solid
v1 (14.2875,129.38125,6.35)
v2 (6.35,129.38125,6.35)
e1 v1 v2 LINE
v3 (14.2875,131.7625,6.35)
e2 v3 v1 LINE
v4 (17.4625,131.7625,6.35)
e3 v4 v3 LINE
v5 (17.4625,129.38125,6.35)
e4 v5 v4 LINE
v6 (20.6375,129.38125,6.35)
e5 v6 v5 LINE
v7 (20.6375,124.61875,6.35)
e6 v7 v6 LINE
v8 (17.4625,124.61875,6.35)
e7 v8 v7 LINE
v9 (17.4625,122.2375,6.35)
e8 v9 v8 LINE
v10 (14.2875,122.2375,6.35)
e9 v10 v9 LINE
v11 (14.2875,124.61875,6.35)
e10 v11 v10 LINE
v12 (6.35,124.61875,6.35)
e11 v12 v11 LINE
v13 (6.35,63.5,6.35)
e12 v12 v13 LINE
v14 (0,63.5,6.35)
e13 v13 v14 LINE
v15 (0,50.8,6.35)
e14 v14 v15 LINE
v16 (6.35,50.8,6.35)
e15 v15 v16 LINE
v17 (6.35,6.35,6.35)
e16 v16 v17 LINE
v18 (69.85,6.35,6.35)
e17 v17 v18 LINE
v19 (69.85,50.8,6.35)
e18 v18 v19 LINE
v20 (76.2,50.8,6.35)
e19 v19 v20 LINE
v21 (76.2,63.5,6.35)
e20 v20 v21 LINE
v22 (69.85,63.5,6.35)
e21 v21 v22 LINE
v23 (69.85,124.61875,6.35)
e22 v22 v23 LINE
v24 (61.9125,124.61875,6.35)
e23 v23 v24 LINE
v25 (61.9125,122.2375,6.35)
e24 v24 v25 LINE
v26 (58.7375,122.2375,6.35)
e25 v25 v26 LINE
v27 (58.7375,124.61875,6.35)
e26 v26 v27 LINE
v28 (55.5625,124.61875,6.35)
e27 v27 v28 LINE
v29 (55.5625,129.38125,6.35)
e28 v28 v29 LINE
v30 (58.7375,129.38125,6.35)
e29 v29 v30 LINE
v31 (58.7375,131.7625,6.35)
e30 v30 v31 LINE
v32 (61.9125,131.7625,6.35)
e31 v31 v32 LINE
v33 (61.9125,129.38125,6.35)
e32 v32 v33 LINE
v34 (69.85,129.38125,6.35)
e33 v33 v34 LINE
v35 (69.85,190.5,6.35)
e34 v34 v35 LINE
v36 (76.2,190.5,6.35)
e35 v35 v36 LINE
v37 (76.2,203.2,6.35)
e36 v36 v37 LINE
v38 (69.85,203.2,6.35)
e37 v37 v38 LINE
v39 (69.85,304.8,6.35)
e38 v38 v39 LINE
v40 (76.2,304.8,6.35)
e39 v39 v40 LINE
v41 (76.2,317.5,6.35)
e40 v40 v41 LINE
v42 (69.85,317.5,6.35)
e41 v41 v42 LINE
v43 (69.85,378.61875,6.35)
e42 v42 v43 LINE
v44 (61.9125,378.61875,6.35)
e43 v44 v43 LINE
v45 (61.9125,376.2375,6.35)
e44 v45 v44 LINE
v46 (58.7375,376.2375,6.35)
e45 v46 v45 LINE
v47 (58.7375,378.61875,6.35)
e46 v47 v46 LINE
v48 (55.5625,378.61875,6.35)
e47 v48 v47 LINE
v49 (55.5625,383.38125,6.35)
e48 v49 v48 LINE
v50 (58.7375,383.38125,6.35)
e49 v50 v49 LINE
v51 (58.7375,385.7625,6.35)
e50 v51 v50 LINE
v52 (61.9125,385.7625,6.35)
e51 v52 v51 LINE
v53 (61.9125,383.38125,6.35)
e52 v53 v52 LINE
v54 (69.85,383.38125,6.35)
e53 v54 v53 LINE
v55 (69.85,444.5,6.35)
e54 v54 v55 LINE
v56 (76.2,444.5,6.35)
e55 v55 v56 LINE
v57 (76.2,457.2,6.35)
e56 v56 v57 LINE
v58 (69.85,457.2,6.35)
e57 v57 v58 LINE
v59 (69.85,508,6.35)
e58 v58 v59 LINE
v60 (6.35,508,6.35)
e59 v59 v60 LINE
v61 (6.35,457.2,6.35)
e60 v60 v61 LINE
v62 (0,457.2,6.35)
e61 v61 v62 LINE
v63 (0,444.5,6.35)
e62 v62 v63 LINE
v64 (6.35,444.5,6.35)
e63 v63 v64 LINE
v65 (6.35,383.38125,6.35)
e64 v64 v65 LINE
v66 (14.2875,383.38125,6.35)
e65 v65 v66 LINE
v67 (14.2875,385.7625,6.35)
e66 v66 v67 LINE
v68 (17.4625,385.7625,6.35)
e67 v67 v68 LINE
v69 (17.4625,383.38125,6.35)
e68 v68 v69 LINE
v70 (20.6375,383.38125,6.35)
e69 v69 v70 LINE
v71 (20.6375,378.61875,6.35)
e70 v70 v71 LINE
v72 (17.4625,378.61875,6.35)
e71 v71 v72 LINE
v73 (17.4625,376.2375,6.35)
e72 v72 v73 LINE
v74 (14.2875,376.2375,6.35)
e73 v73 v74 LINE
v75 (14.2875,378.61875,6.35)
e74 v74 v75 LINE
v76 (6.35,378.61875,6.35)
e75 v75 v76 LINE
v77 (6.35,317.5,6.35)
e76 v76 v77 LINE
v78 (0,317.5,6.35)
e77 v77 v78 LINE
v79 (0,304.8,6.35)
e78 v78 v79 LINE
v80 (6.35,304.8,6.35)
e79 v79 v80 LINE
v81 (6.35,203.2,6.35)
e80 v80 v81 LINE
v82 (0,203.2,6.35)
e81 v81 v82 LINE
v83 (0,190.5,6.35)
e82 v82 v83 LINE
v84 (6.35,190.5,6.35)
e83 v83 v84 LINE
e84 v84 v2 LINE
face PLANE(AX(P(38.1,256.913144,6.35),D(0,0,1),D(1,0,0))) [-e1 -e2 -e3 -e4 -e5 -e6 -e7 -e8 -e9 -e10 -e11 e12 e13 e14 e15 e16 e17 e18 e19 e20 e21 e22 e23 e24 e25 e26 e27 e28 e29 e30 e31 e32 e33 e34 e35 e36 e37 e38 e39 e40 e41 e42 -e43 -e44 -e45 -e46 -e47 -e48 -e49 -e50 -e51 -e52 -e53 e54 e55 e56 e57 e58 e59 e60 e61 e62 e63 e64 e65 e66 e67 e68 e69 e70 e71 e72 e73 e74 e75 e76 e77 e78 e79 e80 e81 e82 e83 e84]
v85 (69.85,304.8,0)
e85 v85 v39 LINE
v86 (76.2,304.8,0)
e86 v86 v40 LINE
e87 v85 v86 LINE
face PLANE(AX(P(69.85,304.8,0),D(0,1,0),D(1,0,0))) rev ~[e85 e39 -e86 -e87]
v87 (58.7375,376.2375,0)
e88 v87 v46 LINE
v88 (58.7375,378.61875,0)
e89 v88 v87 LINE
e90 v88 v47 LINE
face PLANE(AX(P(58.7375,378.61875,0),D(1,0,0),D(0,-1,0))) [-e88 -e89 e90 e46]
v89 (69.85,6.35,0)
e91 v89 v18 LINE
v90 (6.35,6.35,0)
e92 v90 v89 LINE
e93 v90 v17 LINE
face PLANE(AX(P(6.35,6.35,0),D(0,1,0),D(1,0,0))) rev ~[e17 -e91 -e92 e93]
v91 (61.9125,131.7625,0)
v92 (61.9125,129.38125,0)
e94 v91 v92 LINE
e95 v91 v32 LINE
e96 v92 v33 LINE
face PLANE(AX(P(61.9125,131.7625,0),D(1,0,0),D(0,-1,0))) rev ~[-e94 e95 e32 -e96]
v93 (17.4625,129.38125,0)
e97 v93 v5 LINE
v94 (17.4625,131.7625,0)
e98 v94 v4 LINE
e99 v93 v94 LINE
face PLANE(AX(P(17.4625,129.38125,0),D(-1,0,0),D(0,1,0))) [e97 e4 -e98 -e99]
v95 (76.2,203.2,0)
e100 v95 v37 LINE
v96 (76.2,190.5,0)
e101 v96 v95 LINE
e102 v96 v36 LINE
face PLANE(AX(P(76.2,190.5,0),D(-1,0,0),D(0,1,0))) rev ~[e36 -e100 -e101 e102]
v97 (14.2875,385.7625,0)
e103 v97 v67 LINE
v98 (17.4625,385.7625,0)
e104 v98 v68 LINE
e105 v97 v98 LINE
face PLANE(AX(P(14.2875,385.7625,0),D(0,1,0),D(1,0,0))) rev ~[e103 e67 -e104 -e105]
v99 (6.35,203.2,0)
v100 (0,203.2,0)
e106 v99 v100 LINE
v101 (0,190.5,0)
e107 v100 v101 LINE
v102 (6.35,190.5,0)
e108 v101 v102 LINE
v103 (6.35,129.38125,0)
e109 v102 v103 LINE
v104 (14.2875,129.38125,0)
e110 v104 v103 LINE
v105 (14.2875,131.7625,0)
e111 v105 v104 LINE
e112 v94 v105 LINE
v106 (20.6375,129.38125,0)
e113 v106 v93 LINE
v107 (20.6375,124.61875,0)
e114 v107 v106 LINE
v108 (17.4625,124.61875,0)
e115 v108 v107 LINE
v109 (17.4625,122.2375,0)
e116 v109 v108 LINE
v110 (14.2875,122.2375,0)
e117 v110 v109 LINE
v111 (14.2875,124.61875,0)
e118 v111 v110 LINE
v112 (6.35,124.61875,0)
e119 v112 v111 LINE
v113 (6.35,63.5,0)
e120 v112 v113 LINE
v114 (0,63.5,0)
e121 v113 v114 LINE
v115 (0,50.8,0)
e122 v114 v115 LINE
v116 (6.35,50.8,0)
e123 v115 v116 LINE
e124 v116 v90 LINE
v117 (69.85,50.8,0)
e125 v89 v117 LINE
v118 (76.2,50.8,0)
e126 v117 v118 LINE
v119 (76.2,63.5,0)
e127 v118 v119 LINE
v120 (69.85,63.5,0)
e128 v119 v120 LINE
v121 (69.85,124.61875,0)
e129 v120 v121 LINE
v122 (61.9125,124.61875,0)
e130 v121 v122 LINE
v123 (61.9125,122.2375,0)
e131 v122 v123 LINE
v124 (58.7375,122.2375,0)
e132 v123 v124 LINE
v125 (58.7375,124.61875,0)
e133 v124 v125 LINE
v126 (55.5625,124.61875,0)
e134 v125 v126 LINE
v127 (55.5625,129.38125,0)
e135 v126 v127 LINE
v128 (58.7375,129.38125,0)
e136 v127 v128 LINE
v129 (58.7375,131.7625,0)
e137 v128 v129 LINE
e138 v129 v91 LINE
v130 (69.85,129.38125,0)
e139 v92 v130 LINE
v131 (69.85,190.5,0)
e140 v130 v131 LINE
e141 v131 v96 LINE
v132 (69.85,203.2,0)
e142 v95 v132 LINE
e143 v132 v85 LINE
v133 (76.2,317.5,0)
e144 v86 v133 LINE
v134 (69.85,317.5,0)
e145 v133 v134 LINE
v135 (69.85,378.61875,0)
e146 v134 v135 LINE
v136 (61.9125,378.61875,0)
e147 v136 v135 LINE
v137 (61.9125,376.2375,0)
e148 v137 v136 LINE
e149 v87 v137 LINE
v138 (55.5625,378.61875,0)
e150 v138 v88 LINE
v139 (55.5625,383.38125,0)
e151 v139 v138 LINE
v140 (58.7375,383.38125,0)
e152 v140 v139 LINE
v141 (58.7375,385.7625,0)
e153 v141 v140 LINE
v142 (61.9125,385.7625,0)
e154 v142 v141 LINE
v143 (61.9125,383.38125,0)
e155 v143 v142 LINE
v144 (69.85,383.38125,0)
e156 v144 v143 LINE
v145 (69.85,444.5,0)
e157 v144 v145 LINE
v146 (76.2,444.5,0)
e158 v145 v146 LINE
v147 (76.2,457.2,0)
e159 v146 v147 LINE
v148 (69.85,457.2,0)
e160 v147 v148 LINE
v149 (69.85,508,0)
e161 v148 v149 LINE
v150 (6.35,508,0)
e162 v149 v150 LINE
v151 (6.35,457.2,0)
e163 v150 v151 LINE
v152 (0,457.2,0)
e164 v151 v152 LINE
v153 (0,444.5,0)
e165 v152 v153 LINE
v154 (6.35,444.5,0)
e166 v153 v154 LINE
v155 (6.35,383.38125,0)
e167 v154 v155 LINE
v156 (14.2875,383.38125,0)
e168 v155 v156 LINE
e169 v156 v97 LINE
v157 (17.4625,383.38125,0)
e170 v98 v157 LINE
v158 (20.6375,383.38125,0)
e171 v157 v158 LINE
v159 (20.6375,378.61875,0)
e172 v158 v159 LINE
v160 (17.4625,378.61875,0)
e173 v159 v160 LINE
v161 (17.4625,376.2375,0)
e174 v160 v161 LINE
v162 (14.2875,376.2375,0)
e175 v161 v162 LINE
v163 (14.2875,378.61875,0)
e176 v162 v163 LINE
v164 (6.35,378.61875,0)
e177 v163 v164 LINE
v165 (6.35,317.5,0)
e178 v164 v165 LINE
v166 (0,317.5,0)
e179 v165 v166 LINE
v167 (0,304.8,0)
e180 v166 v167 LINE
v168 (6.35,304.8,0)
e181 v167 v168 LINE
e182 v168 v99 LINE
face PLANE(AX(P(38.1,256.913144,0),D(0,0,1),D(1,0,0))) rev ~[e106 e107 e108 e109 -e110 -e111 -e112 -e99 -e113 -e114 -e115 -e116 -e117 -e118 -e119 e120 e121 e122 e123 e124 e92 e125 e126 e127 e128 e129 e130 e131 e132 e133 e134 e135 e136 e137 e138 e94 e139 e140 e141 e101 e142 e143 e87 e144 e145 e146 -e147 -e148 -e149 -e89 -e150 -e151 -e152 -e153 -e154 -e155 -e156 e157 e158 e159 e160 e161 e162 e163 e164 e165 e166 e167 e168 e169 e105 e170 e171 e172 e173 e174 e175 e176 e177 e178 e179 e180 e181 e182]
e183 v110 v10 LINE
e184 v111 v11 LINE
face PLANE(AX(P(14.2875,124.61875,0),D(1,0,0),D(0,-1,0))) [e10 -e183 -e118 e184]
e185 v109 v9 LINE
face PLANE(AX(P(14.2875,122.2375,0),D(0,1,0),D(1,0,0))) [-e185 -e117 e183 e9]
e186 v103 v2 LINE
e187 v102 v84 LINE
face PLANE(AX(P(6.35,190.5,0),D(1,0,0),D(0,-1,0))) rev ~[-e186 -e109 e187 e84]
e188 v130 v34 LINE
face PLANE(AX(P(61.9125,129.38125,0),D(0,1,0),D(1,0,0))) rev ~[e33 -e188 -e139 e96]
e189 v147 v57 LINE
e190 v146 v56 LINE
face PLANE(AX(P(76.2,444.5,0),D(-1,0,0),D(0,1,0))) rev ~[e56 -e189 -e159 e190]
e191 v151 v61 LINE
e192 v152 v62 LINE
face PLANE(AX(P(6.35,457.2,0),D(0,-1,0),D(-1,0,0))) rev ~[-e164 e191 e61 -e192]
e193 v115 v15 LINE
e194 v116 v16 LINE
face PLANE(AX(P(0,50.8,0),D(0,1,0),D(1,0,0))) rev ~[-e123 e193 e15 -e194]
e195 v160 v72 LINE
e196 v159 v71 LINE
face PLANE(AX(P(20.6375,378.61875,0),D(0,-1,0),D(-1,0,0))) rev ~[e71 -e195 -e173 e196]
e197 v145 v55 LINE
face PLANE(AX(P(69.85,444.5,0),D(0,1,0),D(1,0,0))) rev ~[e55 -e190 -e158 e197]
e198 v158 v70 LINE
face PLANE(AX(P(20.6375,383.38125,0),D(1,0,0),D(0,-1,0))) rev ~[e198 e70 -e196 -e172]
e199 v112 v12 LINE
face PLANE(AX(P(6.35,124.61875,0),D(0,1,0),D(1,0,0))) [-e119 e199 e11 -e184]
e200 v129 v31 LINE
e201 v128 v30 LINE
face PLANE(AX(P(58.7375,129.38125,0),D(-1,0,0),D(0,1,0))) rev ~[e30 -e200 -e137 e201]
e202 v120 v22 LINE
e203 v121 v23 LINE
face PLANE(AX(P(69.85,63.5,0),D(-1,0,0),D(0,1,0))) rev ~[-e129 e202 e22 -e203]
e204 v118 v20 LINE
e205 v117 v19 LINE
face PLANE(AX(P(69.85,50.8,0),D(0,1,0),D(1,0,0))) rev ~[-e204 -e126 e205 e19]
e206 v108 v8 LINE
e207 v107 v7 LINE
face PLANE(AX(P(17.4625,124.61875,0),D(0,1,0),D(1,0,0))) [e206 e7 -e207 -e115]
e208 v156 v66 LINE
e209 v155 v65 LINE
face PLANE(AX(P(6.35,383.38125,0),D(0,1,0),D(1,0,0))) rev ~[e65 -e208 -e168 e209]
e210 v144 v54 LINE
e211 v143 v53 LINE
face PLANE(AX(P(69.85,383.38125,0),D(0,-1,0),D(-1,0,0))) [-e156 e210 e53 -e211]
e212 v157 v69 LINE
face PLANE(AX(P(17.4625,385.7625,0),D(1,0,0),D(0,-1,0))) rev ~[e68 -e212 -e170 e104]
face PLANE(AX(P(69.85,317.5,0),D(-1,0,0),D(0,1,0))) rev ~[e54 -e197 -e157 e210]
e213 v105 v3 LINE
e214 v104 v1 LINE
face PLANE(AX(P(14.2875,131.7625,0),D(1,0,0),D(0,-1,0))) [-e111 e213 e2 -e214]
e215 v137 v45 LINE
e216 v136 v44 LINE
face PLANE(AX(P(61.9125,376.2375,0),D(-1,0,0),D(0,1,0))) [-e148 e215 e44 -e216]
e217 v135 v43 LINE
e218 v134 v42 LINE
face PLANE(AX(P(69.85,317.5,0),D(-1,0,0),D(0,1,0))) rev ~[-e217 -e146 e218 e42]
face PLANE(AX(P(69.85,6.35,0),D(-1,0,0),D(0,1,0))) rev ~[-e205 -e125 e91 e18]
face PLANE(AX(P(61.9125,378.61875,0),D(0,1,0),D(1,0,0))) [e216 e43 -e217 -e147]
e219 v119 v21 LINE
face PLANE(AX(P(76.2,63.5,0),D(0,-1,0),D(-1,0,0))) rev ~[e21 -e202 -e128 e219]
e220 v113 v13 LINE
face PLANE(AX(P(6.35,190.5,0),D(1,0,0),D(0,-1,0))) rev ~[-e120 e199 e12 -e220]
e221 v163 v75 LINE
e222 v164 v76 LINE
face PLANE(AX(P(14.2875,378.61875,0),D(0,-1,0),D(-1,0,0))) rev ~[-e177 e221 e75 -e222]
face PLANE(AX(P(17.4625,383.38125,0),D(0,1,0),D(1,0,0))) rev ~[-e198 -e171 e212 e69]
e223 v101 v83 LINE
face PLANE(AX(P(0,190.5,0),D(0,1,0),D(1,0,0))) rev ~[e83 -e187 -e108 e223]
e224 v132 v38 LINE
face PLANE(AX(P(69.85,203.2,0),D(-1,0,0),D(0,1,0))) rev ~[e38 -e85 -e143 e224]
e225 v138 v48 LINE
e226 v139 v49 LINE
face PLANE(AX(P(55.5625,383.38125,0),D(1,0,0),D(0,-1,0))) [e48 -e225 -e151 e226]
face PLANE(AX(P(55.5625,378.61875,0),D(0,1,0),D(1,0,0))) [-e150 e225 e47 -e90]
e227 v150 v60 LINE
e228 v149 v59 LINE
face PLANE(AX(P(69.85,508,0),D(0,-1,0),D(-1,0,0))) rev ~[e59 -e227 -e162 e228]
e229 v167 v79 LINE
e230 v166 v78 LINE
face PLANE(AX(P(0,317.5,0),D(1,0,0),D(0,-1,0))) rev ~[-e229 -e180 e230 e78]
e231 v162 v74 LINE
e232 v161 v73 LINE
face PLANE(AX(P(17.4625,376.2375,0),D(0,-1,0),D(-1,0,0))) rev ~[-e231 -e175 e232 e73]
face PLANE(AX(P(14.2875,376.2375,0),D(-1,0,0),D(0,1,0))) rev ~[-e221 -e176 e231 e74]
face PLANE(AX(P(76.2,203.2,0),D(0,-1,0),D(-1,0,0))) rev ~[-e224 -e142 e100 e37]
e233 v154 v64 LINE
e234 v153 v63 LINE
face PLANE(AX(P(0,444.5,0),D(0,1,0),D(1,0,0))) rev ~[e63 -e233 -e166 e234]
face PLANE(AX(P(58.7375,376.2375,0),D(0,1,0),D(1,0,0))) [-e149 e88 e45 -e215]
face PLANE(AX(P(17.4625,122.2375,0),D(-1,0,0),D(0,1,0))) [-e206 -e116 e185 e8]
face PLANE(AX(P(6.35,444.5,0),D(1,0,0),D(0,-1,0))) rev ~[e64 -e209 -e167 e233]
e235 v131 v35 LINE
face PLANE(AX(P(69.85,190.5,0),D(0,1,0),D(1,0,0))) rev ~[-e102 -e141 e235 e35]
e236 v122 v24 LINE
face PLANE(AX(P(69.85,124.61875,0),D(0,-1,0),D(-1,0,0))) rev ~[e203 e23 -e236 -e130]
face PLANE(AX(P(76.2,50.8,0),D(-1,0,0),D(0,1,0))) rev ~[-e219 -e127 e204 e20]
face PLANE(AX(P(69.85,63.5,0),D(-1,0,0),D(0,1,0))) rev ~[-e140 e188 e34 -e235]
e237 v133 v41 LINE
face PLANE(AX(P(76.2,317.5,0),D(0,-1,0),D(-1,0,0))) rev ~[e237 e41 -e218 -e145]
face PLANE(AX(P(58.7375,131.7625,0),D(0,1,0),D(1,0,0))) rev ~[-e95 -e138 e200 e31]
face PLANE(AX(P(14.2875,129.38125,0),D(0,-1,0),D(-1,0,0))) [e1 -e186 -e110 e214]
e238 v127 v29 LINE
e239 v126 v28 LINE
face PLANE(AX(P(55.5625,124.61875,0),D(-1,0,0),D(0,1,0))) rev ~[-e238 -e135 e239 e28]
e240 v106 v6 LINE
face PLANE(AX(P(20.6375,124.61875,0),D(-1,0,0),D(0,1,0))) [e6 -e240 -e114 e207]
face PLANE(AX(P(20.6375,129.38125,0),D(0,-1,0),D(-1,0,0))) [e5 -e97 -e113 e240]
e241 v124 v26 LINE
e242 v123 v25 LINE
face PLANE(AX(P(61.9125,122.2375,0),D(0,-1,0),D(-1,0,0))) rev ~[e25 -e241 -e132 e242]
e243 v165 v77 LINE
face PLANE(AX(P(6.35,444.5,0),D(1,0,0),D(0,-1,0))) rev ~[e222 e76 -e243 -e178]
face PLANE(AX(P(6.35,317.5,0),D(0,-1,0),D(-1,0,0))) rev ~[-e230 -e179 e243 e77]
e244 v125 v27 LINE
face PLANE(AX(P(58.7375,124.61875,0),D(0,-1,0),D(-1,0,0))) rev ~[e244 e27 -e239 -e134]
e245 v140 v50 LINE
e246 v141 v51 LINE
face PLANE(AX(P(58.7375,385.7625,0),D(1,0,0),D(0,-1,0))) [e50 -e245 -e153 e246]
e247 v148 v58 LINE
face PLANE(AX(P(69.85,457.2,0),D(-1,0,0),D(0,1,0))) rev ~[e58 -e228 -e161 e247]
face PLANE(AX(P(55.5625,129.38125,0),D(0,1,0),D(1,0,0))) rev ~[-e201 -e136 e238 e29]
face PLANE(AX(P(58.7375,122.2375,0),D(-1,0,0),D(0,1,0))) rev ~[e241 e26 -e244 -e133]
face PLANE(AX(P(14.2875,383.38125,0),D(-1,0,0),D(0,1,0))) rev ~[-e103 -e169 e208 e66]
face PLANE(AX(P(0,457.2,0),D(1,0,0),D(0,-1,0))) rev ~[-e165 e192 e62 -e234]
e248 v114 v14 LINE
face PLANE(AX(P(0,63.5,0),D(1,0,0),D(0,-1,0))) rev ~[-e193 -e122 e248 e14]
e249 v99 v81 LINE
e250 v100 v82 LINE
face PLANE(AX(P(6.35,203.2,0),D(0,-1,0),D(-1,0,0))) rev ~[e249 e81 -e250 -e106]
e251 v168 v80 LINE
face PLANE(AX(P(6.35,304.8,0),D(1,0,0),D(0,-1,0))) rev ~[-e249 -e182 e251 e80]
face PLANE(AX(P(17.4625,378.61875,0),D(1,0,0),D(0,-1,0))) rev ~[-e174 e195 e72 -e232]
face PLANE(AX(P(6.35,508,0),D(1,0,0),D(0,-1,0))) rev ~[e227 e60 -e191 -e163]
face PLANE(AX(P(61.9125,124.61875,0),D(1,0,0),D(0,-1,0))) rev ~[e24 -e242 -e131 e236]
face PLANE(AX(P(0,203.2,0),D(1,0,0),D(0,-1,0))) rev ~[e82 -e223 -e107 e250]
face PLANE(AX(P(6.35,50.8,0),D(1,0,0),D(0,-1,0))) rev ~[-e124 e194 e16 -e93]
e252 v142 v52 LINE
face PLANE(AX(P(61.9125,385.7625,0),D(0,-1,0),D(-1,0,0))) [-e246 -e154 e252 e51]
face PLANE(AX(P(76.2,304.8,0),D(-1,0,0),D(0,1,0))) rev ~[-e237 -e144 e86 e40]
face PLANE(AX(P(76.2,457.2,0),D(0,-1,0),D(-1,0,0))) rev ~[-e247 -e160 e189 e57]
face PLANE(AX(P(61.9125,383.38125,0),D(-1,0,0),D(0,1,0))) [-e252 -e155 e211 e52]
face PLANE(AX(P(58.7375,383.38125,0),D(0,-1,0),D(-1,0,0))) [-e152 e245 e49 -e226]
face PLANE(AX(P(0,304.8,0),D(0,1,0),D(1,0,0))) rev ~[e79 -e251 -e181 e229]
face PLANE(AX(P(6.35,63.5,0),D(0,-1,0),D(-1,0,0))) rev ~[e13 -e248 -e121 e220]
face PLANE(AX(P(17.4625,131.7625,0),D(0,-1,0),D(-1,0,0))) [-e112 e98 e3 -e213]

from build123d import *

# Parameters (mm, degrees)
BOSS_EXTRUDE1_DEPTH = 6.35
CUT_EXTRUDE1_DEPTH  = 6.35


with BuildPart() as part:
    # Sketch1 → Boss-Extrude1 (new body)
    with BuildSketch(Plane.XY):
        Polygon((76.2, 190.5), (76.2, 203.2), (69.85, 203.2), (69.85, 304.8), (76.2, 304.8), (76.2, 317.5), (69.85, 317.5), (69.85, 444.5), (76.2, 444.5), (76.2, 457.2), (69.85, 457.2), (69.85, 508), (6.35, 508), (6.35, 457.2), (0, 457.2), (0, 444.5), (6.35, 444.5), (6.35, 317.5), (0, 317.5), (0, 304.8), (6.35, 304.8), (6.35, 203.2), (0, 203.2), (0, 190.5), (6.35, 190.5), (6.35, 63.5), (0, 63.5), (0, 50.8), (6.35, 50.8), (6.35, 6.35), (69.85, 6.35), (69.85, 50.8), (76.2, 50.8), (76.2, 63.5), (69.85, 63.5), (69.85, 190.5), align=None)
    extrude(amount=BOSS_EXTRUDE1_DEPTH)

    # Sketch2 → Cut-Extrude1 (cut)
    with BuildSketch(Plane(origin=(0, 0, 0), x_dir=(-1, 0, 0), z_dir=(0, 0, -1))):
        Polygon((-58.7375, 124.61875), (-55.5625, 124.61875), (-55.5625, 129.38125), (-58.7375, 129.38125), (-58.7375, 131.7625), (-61.9125, 131.7625), (-61.9125, 129.38125), (-69.85, 129.38125), (-69.85, 124.61875), (-61.9125, 124.61875), (-61.9125, 122.2375), (-58.7375, 122.2375), align=None)
        Polygon((-6.35, 124.61875), (-14.2875, 124.61875), (-14.2875, 122.2375), (-17.4625, 122.2375), (-17.4625, 124.61875), (-20.6375, 124.61875), (-20.6375, 129.38125), (-17.4625, 129.38125), (-17.4625, 131.7625), (-14.2875, 131.7625), (-14.2875, 129.38125), (-6.35, 129.38125), align=None)
        Polygon((-17.4625, 383.38125), (-20.6375, 383.38125), (-20.6375, 378.61875), (-17.4625, 378.61875), (-17.4625, 376.2375), (-14.2875, 376.2375), (-14.2875, 378.61875), (-6.35, 378.61875), (-6.35, 383.38125), (-14.2875, 383.38125), (-14.2875, 385.7625), (-17.4625, 385.7625), align=None)
        Polygon((-69.85, 383.38125), (-61.9125, 383.38125), (-61.9125, 385.7625), (-58.7375, 385.7625), (-58.7375, 383.38125), (-55.5625, 383.38125), (-55.5625, 378.61875), (-58.7375, 378.61875), (-58.7375, 376.2375), (-61.9125, 376.2375), (-61.9125, 378.61875), (-69.85, 378.61875), align=None)
    extrude(amount=-CUT_EXTRUDE1_DEPTH, mode=Mode.SUBTRACT)


solid = part.part
